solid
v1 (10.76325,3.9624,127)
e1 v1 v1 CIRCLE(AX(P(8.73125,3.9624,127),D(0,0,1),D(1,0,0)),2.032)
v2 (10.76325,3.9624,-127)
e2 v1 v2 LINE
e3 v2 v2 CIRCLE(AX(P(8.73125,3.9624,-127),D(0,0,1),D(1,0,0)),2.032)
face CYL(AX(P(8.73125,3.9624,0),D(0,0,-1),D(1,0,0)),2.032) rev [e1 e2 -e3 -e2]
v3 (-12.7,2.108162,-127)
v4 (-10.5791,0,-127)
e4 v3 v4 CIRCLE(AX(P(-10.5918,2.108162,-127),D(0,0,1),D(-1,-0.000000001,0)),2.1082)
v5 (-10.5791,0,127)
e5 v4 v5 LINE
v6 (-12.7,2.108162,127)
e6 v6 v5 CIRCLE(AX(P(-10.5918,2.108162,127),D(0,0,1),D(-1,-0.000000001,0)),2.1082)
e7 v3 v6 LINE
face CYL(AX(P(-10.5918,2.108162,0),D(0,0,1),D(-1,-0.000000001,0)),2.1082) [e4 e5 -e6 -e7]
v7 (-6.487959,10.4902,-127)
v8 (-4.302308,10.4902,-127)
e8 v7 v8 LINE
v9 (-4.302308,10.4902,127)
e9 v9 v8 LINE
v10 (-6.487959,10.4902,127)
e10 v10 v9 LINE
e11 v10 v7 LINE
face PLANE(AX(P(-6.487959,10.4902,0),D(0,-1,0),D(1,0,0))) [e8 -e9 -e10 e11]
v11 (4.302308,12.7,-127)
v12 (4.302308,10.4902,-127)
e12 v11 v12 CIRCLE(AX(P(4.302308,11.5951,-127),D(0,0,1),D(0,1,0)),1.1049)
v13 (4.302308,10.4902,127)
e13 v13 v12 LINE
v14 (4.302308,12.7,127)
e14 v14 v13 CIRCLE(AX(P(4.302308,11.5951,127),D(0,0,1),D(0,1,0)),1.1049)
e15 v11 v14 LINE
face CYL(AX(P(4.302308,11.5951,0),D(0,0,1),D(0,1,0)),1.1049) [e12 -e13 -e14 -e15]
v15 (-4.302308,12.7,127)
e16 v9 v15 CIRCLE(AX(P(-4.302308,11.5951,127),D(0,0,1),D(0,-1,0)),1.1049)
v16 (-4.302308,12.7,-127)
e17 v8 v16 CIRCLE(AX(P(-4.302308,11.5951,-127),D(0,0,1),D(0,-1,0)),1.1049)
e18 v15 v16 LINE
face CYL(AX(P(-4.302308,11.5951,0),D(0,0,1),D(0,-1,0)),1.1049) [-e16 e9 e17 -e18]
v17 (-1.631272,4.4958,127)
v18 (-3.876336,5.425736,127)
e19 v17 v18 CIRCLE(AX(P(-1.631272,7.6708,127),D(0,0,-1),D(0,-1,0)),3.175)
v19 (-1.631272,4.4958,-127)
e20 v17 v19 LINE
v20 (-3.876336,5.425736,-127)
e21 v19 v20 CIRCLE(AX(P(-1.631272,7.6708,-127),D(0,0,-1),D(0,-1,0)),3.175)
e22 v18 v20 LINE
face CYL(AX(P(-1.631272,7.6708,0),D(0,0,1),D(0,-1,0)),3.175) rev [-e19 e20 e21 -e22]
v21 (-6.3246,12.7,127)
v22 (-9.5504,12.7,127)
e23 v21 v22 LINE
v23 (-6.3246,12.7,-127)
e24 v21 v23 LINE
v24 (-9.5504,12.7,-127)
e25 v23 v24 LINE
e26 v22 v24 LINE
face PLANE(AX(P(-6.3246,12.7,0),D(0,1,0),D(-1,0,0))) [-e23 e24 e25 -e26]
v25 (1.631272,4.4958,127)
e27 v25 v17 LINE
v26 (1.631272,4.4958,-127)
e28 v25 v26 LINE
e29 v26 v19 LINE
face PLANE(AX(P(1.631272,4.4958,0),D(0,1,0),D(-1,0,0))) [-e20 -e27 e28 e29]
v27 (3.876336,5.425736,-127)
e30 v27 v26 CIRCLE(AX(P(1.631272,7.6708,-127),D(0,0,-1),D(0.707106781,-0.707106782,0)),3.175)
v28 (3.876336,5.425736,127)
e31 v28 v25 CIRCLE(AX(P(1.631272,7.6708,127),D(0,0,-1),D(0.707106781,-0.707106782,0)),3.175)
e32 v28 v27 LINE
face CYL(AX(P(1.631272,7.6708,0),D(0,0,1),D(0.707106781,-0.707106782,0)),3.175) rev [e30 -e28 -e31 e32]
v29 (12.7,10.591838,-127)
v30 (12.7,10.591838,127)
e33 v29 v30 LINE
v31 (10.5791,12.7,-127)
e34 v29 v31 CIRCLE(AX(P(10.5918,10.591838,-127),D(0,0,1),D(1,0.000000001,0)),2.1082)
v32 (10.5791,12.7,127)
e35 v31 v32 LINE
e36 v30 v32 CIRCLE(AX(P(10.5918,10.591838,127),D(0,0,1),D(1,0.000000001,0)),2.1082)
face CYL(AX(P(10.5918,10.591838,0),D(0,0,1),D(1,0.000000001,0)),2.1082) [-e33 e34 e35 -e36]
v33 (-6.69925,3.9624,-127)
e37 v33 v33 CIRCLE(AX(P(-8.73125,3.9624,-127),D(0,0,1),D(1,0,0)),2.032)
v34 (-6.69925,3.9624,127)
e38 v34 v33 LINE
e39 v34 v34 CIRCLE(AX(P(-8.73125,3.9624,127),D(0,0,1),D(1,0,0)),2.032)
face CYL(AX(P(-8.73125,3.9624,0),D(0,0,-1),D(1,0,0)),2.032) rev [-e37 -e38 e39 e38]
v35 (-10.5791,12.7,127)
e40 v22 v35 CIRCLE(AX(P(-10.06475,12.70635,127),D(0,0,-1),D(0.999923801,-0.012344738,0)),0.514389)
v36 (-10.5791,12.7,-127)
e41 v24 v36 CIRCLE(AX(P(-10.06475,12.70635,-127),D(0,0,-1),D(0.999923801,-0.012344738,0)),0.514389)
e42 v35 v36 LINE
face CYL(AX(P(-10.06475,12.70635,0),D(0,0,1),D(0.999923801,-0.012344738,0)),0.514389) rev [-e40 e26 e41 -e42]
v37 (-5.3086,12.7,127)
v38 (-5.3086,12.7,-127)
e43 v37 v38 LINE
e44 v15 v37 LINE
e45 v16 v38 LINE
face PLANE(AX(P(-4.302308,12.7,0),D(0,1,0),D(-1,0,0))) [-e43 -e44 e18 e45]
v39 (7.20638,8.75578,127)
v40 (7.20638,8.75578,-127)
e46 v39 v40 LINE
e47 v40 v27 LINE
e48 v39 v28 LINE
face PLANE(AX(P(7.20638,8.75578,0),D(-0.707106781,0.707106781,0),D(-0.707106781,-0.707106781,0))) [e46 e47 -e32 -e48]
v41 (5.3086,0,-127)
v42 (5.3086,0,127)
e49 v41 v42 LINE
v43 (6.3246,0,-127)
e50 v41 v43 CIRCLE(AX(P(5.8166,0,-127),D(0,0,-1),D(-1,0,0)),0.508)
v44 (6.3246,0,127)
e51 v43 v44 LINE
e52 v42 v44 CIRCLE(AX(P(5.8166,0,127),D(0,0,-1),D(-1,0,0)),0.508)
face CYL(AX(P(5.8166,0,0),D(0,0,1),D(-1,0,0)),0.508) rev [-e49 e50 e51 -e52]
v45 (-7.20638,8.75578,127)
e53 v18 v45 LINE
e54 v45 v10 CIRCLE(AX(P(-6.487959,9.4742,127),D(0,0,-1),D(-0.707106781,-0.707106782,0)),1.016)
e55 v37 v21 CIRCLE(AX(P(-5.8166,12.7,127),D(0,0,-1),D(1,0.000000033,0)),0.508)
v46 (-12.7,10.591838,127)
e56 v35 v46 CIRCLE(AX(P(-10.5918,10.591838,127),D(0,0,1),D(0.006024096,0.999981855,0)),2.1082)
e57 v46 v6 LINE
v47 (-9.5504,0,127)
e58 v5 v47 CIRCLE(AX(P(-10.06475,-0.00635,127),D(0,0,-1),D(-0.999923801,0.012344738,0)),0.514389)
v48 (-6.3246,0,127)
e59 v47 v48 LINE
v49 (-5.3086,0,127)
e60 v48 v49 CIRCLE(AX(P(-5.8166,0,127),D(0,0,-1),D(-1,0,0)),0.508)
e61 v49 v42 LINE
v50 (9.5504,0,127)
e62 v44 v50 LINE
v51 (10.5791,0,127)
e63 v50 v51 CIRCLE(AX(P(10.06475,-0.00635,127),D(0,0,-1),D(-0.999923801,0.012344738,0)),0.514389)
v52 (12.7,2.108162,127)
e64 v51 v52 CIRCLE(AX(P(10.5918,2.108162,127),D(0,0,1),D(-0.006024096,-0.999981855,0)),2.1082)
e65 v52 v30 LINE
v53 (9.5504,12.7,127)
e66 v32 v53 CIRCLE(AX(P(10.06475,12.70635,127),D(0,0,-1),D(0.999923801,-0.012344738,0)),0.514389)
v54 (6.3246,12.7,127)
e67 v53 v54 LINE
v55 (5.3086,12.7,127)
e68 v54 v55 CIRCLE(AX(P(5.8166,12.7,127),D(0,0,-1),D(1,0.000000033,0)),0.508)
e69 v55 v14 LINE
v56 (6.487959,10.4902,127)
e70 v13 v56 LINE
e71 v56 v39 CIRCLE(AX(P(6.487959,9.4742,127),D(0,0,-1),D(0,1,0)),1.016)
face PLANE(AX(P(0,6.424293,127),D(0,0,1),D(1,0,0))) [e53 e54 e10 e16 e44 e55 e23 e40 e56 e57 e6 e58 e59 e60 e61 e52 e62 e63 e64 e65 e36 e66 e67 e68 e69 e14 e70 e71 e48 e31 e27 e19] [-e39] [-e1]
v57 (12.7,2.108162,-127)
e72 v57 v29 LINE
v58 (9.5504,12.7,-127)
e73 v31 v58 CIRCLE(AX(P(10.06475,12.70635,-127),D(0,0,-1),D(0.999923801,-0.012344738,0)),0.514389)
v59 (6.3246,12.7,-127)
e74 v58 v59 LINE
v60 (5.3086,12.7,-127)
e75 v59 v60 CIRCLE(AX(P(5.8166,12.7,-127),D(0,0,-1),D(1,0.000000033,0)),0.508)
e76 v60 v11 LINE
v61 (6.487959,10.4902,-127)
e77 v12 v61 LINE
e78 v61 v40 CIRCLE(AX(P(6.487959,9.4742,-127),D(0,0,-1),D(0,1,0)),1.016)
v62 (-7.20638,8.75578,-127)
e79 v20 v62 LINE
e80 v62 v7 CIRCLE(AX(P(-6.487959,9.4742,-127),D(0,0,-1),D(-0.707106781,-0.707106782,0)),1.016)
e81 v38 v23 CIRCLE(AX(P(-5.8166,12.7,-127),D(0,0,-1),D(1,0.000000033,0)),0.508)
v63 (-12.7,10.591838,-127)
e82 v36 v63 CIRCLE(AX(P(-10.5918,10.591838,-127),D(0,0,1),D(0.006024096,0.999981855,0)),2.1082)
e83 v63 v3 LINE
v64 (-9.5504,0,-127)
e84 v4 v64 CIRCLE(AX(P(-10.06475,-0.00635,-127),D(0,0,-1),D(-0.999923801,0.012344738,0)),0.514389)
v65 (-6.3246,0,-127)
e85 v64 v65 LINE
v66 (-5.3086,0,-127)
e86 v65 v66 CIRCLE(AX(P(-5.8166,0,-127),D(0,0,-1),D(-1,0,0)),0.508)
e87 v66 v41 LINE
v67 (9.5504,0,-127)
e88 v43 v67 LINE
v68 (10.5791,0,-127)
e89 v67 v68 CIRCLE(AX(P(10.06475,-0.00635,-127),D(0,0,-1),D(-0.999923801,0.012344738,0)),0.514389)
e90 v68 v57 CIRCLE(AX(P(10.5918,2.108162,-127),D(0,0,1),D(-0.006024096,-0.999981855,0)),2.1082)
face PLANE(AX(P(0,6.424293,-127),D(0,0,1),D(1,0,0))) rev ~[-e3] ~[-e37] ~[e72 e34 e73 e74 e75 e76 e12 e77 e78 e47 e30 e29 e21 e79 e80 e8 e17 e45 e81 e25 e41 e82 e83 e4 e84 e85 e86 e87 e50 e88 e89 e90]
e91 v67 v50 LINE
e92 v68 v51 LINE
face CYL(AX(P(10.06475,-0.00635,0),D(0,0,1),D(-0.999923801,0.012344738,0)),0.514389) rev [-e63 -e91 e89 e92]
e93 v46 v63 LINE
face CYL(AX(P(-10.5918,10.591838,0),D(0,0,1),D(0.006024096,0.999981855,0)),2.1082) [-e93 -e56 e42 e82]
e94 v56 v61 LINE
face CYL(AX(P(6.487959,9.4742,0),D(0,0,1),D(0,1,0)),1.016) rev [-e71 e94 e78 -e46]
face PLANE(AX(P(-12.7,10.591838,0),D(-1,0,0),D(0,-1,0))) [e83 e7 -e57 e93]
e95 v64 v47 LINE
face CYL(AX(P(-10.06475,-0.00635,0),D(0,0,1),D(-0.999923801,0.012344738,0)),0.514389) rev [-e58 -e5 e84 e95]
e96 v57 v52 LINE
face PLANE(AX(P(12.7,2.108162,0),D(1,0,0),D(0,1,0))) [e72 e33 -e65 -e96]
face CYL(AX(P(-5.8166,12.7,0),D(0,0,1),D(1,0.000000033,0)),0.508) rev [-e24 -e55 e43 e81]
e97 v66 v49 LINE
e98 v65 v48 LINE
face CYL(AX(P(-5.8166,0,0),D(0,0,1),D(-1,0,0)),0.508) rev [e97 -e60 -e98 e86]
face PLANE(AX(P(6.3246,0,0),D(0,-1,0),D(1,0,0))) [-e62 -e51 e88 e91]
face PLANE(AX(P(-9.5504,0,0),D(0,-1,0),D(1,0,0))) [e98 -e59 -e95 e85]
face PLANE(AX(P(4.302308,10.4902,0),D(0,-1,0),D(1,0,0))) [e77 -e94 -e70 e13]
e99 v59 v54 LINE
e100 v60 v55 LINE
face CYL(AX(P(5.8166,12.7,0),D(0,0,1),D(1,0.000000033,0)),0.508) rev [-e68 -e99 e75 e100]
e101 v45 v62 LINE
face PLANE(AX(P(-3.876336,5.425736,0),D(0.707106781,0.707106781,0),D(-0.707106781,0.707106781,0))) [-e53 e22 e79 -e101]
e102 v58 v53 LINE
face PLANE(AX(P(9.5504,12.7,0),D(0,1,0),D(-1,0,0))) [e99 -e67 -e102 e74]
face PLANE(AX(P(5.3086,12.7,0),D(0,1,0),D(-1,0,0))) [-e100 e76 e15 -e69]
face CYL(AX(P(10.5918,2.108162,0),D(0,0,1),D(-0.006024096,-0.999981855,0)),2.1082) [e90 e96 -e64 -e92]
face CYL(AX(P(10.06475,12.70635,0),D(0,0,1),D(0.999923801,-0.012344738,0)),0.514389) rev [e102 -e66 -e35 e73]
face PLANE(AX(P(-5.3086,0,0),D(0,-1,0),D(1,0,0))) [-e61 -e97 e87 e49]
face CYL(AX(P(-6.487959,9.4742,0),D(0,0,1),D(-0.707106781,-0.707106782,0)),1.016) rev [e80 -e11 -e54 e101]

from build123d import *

# Parameters (mm, degrees)
SKETCH1_R           = 2.032
BOSS_EXTRUDE1_DEPTH = 127


with BuildPart() as part:
    # Sketch1 → Boss-Extrude1 (new, symmetric)
    with BuildSketch(Plane.XY):
        with BuildLine():
            Line((-12.7, 10.591838253), (-12.7, 2.108161747))
            ThreePointArc((-12.7, 2.108161747), (-12.078025605, 0.612955845), (-10.5791, 0))
            ThreePointArc((-10.5791, 0), (-10.06475, 0.508039196), (-9.5504, 0))
            Line((-9.5504, 0), (-6.3246, 0))
            ThreePointArc((-6.3246, 0), (-5.8166, 0.508), (-5.3086, 0))
            Line((-5.3086, 0), (5.3086, 0))
            ThreePointArc((5.3086, 0), (5.8166, 0.508), (6.3246, 0))
            Line((6.3246, 0), (9.5504, 0))
            ThreePointArc((9.5504, 0), (10.06475, 0.508039196), (10.5791, 0))
            ThreePointArc((10.5791, 0), (12.078025605, 0.612955845), (12.7, 2.108161747))
            Line((12.7, 2.108161747), (12.7, 10.591838253))
            ThreePointArc((12.7, 10.591838253), (12.078025605, 12.087044155), (10.5791, 12.7))
            ThreePointArc((10.5791, 12.7), (10.06475, 12.191960804), (9.5504, 12.7))
            Line((9.5504, 12.7), (6.3246, 12.7))
            ThreePointArc((6.3246, 12.7), (5.816599999, 12.191999983), (5.3086, 12.700000002))
            Line((5.3086, 12.700000002), (4.302307889, 12.700000002))
            ThreePointArc((4.302307889, 12.700000002), (3.197407889, 11.595100002), (4.302307889, 10.490200002))
            Line((4.302307889, 10.490200002), (6.487959021, 10.490200002))
            ThreePointArc((6.487959021, 10.490200002), (7.426620626, 9.863006369), (7.20637951, 8.755779512))
            Line((7.20637951, 8.755779512), (3.87633597, 5.425735971))
            ThreePointArc((3.87633597, 5.425735971), (2.846291837, 4.737482486), (1.631271939, 4.495800002))
            Line((1.631271939, 4.495800002), (-1.631271939, 4.495800002))
            ThreePointArc((-1.631271939, 4.495800002), (-2.846291837, 4.737482486), (-3.87633597, 5.425735971))
            Line((-3.87633597, 5.425735971), (-7.20637951, 8.755779512))
            ThreePointArc((-7.20637951, 8.755779512), (-7.426620626, 9.863006369), (-6.487959021, 10.490200002))
            Line((-6.487959021, 10.490200002), (-4.302307889, 10.490200002))
            ThreePointArc((-4.302307889, 10.490200002), (-3.197407889, 11.595100002), (-4.302307889, 12.700000002))
            Line((-4.302307889, 12.700000002), (-5.3086, 12.700000002))
            ThreePointArc((-5.3086, 12.700000002), (-5.816599999, 12.191999985), (-6.3246, 12.7))
            Line((-6.3246, 12.7), (-9.5504, 12.7))
            ThreePointArc((-9.5504, 12.7), (-10.06475, 12.191960804), (-10.5791, 12.7))
            ThreePointArc((-10.5791, 12.7), (-12.078025605, 12.087044155), (-12.7, 10.591838253))
        make_face()
        with Locations((-8.73125, 3.9624)):
            Circle(SKETCH1_R, mode=Mode.SUBTRACT)
        with Locations((8.73125, 3.9624)):
            Circle(SKETCH1_R, mode=Mode.SUBTRACT)
    extrude(amount=BOSS_EXTRUDE1_DEPTH, both=True)


solid = part.part
